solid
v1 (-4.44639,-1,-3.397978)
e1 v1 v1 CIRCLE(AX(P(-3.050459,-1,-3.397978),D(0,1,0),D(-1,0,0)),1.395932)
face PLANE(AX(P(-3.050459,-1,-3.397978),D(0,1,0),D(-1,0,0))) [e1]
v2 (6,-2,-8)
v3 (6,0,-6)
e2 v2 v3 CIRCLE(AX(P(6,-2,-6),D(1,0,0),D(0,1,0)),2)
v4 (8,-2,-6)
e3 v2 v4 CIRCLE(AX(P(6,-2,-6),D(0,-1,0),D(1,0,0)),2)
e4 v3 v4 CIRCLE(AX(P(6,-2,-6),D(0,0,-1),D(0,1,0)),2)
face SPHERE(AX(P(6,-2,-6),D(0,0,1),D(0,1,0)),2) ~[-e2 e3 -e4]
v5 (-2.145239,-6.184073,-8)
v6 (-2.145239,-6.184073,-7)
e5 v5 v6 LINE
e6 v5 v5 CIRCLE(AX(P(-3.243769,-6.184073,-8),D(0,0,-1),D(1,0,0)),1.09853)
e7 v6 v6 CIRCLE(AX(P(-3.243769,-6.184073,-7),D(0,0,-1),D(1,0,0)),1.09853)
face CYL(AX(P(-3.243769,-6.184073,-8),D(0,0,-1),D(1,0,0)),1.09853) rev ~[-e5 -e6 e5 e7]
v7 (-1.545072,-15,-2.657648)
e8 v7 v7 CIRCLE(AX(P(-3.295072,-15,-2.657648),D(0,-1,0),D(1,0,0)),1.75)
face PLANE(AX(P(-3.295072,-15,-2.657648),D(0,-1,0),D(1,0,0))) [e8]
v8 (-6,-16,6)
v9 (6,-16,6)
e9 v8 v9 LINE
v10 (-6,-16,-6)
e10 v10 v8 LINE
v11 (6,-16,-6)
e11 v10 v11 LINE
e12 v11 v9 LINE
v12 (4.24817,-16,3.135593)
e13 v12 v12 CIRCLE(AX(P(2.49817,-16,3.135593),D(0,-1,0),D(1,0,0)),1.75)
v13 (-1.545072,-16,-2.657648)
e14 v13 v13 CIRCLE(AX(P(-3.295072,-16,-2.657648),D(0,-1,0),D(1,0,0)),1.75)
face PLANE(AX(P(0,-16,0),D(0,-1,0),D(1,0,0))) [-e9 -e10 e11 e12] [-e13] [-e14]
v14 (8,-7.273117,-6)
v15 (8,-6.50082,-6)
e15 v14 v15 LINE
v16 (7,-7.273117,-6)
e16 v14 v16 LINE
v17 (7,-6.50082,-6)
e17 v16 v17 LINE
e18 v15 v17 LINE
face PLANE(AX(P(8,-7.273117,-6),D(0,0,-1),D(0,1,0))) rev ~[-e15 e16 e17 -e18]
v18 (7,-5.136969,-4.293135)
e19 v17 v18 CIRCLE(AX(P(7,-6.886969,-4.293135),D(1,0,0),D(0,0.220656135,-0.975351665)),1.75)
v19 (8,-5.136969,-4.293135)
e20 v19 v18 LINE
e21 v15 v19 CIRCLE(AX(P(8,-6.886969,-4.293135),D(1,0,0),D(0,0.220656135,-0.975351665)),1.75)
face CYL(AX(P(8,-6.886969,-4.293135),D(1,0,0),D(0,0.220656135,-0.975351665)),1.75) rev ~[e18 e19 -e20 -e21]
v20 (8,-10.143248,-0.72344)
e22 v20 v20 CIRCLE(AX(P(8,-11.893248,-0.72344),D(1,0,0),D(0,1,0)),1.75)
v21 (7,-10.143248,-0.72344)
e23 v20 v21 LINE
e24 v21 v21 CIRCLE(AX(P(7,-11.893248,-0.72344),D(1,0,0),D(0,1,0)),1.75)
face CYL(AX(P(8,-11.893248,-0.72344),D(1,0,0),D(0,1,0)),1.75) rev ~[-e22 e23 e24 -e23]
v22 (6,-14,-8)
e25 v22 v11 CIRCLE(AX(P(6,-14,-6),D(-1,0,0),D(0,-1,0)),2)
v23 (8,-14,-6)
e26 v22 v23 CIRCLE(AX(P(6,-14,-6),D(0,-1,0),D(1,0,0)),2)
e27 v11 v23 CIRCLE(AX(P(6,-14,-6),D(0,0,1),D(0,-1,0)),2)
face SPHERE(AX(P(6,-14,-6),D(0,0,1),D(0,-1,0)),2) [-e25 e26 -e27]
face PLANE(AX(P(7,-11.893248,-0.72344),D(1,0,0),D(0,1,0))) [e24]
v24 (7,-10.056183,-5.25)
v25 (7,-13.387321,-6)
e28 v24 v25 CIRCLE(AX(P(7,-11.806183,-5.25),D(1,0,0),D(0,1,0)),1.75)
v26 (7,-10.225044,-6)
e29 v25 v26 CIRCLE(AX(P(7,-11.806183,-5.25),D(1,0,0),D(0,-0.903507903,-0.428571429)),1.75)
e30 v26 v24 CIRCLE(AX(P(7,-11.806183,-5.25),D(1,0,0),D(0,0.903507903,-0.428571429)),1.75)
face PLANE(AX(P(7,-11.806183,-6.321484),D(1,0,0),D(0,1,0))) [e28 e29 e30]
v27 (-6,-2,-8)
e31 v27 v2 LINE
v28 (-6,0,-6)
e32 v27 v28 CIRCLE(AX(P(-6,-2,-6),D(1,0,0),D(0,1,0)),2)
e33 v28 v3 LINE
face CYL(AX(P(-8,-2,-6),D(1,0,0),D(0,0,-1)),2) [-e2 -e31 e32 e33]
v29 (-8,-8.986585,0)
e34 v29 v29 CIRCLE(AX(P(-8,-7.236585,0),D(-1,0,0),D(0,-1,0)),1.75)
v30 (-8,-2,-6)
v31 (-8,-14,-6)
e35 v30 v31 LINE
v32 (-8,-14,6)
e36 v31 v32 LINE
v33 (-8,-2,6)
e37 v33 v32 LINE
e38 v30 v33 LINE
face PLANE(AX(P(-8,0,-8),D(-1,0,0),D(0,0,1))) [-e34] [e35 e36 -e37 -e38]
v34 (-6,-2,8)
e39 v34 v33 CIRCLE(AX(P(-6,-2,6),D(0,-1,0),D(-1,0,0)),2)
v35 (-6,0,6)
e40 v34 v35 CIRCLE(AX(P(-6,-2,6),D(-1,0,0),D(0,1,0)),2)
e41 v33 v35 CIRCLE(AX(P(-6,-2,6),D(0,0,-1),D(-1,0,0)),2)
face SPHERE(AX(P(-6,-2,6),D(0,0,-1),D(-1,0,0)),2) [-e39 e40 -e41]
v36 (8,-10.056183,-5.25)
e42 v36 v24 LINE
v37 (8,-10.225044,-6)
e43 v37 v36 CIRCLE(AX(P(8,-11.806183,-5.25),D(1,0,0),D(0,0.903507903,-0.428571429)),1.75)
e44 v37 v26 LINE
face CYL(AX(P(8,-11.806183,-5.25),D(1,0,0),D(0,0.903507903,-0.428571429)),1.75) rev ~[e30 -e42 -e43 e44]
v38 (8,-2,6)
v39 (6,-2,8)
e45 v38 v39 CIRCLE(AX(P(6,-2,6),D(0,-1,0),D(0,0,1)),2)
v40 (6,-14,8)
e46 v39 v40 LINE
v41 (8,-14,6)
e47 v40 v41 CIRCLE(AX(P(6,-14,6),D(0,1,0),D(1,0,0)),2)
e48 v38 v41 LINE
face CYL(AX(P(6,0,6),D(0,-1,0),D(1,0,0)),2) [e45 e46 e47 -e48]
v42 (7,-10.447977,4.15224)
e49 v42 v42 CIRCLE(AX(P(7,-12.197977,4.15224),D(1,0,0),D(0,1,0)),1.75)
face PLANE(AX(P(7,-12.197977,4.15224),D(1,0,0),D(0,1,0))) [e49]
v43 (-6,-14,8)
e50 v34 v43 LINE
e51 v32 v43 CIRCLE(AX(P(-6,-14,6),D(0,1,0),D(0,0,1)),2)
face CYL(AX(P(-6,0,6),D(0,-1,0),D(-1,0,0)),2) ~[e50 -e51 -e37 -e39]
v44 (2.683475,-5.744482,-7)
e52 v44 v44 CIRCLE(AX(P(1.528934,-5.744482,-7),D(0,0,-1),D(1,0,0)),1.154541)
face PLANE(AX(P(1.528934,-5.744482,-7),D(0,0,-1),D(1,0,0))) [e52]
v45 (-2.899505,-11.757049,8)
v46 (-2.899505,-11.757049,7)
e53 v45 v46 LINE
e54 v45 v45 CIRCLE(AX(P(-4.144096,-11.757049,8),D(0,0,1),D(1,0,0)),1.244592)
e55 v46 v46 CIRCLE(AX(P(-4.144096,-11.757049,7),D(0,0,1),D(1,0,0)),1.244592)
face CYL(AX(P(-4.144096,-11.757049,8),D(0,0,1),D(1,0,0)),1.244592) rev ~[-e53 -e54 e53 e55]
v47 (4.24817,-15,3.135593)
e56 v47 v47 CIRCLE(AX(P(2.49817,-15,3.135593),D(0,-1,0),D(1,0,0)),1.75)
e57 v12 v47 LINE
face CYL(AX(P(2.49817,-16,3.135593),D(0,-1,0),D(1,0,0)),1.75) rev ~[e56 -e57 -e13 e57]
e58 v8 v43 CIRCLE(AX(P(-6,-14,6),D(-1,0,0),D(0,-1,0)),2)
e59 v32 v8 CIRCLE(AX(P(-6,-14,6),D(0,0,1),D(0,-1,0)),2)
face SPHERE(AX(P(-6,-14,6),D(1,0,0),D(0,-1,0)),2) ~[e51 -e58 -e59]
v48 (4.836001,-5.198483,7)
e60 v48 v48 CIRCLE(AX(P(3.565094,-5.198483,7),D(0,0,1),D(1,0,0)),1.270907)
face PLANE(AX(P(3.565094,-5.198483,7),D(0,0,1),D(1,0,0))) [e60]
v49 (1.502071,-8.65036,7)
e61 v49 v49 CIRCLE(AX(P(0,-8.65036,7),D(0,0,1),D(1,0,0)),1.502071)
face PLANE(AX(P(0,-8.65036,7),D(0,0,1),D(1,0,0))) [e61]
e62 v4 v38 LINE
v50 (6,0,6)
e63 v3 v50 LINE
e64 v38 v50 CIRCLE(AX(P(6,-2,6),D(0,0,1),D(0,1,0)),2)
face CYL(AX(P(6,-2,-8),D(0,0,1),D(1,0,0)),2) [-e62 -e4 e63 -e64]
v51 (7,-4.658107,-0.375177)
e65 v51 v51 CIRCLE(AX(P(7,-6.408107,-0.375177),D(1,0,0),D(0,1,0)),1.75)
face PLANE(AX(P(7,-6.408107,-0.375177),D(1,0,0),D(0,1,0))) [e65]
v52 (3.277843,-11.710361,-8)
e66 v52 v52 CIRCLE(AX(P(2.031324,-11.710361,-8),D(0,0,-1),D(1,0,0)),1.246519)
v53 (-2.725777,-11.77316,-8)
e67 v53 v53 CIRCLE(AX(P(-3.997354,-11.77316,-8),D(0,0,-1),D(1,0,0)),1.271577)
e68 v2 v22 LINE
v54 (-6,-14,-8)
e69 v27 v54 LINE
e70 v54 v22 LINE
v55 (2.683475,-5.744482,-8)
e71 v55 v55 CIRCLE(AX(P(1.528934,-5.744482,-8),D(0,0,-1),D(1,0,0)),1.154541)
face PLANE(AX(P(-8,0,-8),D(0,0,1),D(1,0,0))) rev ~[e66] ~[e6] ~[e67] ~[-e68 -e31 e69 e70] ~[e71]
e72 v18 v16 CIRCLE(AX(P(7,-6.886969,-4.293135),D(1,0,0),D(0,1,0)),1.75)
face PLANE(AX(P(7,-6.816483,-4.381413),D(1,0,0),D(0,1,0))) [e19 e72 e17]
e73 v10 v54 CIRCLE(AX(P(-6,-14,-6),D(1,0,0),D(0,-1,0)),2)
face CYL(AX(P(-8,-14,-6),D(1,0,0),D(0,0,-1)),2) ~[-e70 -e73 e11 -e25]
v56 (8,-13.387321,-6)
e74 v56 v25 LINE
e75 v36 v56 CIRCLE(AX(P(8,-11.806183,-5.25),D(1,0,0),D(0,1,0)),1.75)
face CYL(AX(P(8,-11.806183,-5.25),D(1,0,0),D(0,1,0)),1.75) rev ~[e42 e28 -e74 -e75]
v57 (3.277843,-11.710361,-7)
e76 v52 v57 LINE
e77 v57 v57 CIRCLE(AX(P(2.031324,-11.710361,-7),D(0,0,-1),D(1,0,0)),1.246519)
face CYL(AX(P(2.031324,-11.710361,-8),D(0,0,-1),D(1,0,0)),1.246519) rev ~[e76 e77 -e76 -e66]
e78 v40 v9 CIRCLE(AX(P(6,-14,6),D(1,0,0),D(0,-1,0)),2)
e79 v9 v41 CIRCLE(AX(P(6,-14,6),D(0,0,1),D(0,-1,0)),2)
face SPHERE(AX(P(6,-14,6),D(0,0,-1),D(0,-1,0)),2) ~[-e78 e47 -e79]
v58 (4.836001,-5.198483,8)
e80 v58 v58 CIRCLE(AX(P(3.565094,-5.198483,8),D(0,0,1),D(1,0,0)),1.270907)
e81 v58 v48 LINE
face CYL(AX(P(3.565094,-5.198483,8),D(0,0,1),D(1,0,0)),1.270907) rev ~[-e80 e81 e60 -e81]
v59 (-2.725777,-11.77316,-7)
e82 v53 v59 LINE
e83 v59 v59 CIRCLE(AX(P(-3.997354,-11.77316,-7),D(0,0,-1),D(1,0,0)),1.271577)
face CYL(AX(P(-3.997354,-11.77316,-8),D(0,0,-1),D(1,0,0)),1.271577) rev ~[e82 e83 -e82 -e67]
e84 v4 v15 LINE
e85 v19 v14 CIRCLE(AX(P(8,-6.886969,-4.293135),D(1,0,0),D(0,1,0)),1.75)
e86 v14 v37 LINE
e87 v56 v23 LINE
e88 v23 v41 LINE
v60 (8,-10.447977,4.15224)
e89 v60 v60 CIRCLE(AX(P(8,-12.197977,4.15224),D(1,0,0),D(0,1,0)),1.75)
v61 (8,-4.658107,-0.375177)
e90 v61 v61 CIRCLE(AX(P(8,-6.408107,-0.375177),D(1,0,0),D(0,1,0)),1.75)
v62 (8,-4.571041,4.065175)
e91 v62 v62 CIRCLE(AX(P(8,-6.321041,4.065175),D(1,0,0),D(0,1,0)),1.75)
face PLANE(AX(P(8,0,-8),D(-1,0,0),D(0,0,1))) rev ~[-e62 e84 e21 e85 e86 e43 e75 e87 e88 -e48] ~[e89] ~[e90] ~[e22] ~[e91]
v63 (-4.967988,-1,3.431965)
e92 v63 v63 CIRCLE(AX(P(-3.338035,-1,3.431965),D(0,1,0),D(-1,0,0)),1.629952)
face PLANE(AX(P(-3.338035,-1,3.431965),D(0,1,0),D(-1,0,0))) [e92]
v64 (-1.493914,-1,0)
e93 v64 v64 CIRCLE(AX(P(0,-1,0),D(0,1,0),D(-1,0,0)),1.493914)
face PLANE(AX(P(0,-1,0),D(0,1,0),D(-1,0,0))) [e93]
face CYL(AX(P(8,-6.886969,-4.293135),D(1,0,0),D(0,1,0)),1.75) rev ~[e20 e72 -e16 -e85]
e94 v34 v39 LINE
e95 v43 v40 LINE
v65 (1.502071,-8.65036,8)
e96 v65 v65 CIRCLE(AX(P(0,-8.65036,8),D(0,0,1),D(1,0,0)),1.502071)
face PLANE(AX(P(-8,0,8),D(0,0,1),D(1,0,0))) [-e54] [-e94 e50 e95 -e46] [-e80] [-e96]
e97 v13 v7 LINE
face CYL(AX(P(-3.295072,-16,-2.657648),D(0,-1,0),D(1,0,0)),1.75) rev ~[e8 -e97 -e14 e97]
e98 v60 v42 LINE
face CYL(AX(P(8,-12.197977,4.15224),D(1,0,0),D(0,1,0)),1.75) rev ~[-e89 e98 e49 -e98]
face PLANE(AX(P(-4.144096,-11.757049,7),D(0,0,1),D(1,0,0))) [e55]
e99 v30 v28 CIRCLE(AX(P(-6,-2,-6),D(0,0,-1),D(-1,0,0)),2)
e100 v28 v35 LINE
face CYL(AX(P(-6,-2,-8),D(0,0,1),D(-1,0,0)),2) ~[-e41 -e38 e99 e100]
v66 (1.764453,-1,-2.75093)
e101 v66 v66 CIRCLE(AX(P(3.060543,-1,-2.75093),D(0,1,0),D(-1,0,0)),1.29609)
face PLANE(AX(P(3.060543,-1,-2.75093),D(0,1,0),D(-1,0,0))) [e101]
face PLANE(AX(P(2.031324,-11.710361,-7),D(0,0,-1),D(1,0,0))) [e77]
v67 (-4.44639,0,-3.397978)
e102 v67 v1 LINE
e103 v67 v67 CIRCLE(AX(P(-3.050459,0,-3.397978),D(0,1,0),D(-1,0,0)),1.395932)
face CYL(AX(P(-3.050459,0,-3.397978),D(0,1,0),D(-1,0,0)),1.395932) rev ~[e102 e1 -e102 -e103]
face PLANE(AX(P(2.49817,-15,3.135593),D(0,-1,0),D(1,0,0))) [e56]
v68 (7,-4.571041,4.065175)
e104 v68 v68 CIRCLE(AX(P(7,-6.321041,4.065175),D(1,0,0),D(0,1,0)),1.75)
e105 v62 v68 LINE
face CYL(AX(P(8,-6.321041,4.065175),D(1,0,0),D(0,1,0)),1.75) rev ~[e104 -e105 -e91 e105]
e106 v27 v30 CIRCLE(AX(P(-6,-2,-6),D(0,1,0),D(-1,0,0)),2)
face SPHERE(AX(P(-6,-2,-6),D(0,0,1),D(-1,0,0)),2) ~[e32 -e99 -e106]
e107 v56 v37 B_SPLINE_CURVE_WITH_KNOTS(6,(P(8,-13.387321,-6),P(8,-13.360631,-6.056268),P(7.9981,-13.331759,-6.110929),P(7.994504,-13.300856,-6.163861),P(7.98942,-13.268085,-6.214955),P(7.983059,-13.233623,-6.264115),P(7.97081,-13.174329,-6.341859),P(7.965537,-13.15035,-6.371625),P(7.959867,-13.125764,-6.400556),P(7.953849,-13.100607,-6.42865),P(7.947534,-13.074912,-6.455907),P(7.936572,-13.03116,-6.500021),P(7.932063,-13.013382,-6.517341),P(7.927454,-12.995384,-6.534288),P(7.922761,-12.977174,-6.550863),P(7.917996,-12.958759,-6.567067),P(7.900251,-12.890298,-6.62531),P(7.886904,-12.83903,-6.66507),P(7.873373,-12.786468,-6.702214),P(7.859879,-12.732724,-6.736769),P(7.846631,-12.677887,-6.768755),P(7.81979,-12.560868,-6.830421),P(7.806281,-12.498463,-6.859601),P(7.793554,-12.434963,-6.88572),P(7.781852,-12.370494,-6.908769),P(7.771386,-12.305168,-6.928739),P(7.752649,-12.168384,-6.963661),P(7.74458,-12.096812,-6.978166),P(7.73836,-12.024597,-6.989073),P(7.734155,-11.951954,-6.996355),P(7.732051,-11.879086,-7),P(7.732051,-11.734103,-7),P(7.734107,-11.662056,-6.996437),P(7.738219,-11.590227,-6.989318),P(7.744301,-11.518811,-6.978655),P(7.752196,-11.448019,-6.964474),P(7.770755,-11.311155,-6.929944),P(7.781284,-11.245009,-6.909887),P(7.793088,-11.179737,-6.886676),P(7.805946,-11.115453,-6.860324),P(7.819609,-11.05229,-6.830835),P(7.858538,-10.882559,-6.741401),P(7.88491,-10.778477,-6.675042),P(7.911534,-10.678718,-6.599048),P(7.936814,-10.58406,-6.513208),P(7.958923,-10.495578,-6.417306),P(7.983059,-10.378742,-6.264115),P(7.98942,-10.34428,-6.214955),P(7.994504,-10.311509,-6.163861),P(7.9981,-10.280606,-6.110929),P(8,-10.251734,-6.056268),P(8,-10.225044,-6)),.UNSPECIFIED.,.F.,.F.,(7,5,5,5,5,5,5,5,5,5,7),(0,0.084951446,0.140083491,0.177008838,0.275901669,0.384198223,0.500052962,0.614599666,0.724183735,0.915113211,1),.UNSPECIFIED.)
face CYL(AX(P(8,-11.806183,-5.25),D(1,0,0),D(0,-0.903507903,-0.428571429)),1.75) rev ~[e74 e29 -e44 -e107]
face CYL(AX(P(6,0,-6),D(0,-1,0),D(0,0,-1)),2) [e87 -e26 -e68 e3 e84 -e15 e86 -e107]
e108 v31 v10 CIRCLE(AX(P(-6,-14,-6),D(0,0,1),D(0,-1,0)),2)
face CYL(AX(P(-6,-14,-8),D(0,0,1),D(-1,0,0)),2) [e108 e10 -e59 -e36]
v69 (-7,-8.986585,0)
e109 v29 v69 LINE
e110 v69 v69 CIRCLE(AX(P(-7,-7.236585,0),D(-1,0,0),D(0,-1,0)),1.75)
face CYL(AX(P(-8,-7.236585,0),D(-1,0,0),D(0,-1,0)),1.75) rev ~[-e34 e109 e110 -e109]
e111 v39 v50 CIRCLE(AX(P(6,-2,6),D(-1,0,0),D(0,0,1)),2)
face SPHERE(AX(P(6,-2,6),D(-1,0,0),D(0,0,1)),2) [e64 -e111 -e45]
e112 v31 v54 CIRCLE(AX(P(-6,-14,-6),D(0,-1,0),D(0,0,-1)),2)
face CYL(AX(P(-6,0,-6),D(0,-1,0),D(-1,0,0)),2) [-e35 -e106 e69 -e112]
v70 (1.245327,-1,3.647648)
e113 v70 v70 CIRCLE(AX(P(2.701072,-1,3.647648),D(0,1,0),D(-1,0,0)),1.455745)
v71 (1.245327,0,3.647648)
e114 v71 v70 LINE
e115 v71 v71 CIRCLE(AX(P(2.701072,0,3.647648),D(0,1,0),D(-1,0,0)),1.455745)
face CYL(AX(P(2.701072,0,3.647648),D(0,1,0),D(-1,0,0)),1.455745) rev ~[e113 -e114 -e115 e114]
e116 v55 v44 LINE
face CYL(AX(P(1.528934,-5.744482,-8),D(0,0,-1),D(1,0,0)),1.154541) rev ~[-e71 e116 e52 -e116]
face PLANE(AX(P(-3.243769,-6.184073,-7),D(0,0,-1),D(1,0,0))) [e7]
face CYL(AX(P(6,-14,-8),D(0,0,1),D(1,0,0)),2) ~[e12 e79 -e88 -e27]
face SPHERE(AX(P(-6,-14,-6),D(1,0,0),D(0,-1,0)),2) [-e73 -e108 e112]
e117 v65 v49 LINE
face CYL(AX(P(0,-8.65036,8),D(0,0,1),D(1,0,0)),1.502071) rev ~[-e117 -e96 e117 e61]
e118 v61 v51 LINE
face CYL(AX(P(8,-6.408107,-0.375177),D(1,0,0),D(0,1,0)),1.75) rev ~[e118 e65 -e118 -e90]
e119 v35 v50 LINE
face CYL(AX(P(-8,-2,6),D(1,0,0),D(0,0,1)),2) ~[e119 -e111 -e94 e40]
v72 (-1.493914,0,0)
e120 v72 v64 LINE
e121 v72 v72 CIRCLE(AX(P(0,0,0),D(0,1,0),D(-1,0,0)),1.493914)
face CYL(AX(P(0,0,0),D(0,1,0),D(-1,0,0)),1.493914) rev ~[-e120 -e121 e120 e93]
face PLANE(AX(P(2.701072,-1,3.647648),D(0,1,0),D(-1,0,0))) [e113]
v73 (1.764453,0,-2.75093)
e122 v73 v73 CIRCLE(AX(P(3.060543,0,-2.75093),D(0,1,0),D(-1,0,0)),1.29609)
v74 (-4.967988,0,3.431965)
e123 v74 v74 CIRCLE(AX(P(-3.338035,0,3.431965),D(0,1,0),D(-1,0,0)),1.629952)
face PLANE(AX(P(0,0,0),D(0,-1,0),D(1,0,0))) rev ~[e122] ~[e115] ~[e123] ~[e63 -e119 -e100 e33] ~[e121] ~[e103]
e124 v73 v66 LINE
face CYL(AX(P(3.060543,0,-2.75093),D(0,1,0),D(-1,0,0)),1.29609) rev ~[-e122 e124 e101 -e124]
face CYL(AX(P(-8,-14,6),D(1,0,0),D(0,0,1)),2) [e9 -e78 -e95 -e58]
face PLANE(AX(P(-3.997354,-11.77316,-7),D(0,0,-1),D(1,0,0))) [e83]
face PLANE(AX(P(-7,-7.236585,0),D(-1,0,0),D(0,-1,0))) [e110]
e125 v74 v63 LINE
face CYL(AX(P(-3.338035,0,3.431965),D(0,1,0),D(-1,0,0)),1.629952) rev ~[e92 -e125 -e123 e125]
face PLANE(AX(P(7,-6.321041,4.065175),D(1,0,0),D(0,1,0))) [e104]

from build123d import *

# Parameters (mm, degrees)
F0_W      = 16
F0_H      = 16
F1_DEPTH  = 16
F2_R      = 2
F7_R      = 1.75
F9_DEPTH  = 1
F5_R      = 1.4939144971
F5_R_2    = 1.3959315932
F5_R_3    = 1.4557452585
F5_R_4    = 1.6299524928
F5_R_5    = 1.296089905
F10_DEPTH = 1
F4_R      = 1.75
F11_DEPTH = 1
F3_R      = 1.75
F12_DEPTH = 1
F8_R      = 1.2715772804
F8_R_2    = 1.246518745
F8_R_3    = 1.0985297942
F8_R_4    = 1.1545407094
F13_DEPTH = 1
F6_R      = 1.2445916632
F6_R_2    = 1.5020712319
F6_R_3    = 1.2709069935
F14_DEPTH = 1


with BuildPart() as f1:
    # F0 (on Front) → F1 (new body)
    with BuildSketch(Plane.XZ):
        Rectangle(F0_W, F0_H)
    extrude(amount=F1_DEPTH)

    # F2
    f2_edges = [f1.edges().sort_by_distance(p)[0] for p in [
        (8, -16, 0),
        (0, -16, 8),
        (0, -16, -8),
        (-8, -16, 0),
        (-8, 0, 0),
        (-8, -8, 8),
        (-8, -8, -8),
        (0, 0, 8),
        (8, -8, 8),
        (8, 0, 0),
        (0, 0, -8),
        (8, -8, -8),
    ]]
    fillet(f2_edges, radius=F2_R)

    # F7 (on face) → F9 (cut)
    with BuildSketch(Plane.YZ.offset(8)):
        with Locations((-11.8932482252, -0.7234399795)):
            Circle(F7_R)
        with Locations((-6.4081071032, -0.375177088)):
            Circle(F7_R)
        with BuildLine():
            ThreePointArc((-5.1369685637, -4.2931345864), (-7.9793834546, -2.9259734013), (-7.2731167994, -6))
            Line((-7.2731167994, -6), (-6.500820328, -6))
            ThreePointArc((-6.500820328, -6), (-5.5198073785, -5.3855494773), (-5.1369685637, -4.2931345864))
        make_face()
        with BuildLine():
            Line((-10.225043764, -6), (-13.3873214242, -6))
            ThreePointArc((-13.3873214242, -6), (-11.8061825941, -7), (-10.225043764, -6))
        make_face()
        with BuildLine():
            ThreePointArc((-10.225043764, -6), (-10.0989197331, -5.6343872054), (-10.0561825941, -5.25))
            ThreePointArc((-10.0561825941, -5.25), (-12.1905697995, -3.5427371391), (-13.3873214242, -6))
            Line((-13.3873214242, -6), (-10.225043764, -6))
        make_face()
        with Locations((-6.3210414721, 4.0651748088)):
            Circle(F7_R)
        with Locations((-12.1979774444, 4.1522404399)):
            Circle(F7_R)
    extrude(amount=-F9_DEPTH, mode=Mode.SUBTRACT)

    # F5 (on face) → F10 (cut)
    with BuildSketch(Plane(origin=(0, 0, 0), x_dir=(-1, 0, 0), z_dir=(0, 1, 0))):
        Circle(F5_R)
        with Locations((3.0504588503, -3.3979776781)):
            Circle(F5_R_2)
        with Locations((-2.701072488, 3.6476475652)):
            Circle(F5_R_3)
        with Locations((3.3380351961, 3.4319653641)):
            Circle(F5_R_4)
        with Locations((-3.0605429783, -2.7509303764)):
            Circle(F5_R_5)
    extrude(amount=-F10_DEPTH, mode=Mode.SUBTRACT)

    # F4 (on face) → F11 (cut)
    with BuildSketch(Plane(origin=(-8, 0, 0), x_dir=(0, -1, 0), z_dir=(-1, 0, 0))):
        with Locations((7.2365845554, 0)):
            Circle(F4_R)
    extrude(amount=-F11_DEPTH, mode=Mode.SUBTRACT)

    # F3 (on face) → F12 (cut)
    with BuildSketch(Plane.XZ.offset(16)):
        with Locations((-3.2950715739, -2.6576476197)):
            Circle(F3_R)
        with Locations((2.4981695437, 3.135593015)):
            Circle(F3_R)
    extrude(amount=-F12_DEPTH, mode=Mode.SUBTRACT)

    # F8 (on face) → F13 (cut)
    with BuildSketch(Plane(origin=(0, 0, -8), x_dir=(1, 0, 0), z_dir=(0, 0, -1))):
        with Locations((-3.9973538369, 11.7731597275)):
            Circle(F8_R)
        with Locations((2.0313244313, 11.7103606462)):
            Circle(F8_R_2)
        with Locations((-3.2437690534, 6.1840731651)):
            Circle(F8_R_3)
        with Locations((1.5289339935, 5.7444819249)):
            Circle(F8_R_4)
    extrude(amount=-F13_DEPTH, mode=Mode.SUBTRACT)

    # F6 (on face) → F14 (cut)
    with BuildSketch(Plane.XY.offset(8)):
        with Locations((-4.1440962814, -11.7570487782)):
            Circle(F6_R)
        with Locations((0, -8.6503596976)):
            Circle(F6_R_2)
        with Locations((3.5650942009, -5.1984833553)):
            Circle(F6_R_3)
    extrude(amount=-F14_DEPTH, mode=Mode.SUBTRACT)


solid = f1.part
